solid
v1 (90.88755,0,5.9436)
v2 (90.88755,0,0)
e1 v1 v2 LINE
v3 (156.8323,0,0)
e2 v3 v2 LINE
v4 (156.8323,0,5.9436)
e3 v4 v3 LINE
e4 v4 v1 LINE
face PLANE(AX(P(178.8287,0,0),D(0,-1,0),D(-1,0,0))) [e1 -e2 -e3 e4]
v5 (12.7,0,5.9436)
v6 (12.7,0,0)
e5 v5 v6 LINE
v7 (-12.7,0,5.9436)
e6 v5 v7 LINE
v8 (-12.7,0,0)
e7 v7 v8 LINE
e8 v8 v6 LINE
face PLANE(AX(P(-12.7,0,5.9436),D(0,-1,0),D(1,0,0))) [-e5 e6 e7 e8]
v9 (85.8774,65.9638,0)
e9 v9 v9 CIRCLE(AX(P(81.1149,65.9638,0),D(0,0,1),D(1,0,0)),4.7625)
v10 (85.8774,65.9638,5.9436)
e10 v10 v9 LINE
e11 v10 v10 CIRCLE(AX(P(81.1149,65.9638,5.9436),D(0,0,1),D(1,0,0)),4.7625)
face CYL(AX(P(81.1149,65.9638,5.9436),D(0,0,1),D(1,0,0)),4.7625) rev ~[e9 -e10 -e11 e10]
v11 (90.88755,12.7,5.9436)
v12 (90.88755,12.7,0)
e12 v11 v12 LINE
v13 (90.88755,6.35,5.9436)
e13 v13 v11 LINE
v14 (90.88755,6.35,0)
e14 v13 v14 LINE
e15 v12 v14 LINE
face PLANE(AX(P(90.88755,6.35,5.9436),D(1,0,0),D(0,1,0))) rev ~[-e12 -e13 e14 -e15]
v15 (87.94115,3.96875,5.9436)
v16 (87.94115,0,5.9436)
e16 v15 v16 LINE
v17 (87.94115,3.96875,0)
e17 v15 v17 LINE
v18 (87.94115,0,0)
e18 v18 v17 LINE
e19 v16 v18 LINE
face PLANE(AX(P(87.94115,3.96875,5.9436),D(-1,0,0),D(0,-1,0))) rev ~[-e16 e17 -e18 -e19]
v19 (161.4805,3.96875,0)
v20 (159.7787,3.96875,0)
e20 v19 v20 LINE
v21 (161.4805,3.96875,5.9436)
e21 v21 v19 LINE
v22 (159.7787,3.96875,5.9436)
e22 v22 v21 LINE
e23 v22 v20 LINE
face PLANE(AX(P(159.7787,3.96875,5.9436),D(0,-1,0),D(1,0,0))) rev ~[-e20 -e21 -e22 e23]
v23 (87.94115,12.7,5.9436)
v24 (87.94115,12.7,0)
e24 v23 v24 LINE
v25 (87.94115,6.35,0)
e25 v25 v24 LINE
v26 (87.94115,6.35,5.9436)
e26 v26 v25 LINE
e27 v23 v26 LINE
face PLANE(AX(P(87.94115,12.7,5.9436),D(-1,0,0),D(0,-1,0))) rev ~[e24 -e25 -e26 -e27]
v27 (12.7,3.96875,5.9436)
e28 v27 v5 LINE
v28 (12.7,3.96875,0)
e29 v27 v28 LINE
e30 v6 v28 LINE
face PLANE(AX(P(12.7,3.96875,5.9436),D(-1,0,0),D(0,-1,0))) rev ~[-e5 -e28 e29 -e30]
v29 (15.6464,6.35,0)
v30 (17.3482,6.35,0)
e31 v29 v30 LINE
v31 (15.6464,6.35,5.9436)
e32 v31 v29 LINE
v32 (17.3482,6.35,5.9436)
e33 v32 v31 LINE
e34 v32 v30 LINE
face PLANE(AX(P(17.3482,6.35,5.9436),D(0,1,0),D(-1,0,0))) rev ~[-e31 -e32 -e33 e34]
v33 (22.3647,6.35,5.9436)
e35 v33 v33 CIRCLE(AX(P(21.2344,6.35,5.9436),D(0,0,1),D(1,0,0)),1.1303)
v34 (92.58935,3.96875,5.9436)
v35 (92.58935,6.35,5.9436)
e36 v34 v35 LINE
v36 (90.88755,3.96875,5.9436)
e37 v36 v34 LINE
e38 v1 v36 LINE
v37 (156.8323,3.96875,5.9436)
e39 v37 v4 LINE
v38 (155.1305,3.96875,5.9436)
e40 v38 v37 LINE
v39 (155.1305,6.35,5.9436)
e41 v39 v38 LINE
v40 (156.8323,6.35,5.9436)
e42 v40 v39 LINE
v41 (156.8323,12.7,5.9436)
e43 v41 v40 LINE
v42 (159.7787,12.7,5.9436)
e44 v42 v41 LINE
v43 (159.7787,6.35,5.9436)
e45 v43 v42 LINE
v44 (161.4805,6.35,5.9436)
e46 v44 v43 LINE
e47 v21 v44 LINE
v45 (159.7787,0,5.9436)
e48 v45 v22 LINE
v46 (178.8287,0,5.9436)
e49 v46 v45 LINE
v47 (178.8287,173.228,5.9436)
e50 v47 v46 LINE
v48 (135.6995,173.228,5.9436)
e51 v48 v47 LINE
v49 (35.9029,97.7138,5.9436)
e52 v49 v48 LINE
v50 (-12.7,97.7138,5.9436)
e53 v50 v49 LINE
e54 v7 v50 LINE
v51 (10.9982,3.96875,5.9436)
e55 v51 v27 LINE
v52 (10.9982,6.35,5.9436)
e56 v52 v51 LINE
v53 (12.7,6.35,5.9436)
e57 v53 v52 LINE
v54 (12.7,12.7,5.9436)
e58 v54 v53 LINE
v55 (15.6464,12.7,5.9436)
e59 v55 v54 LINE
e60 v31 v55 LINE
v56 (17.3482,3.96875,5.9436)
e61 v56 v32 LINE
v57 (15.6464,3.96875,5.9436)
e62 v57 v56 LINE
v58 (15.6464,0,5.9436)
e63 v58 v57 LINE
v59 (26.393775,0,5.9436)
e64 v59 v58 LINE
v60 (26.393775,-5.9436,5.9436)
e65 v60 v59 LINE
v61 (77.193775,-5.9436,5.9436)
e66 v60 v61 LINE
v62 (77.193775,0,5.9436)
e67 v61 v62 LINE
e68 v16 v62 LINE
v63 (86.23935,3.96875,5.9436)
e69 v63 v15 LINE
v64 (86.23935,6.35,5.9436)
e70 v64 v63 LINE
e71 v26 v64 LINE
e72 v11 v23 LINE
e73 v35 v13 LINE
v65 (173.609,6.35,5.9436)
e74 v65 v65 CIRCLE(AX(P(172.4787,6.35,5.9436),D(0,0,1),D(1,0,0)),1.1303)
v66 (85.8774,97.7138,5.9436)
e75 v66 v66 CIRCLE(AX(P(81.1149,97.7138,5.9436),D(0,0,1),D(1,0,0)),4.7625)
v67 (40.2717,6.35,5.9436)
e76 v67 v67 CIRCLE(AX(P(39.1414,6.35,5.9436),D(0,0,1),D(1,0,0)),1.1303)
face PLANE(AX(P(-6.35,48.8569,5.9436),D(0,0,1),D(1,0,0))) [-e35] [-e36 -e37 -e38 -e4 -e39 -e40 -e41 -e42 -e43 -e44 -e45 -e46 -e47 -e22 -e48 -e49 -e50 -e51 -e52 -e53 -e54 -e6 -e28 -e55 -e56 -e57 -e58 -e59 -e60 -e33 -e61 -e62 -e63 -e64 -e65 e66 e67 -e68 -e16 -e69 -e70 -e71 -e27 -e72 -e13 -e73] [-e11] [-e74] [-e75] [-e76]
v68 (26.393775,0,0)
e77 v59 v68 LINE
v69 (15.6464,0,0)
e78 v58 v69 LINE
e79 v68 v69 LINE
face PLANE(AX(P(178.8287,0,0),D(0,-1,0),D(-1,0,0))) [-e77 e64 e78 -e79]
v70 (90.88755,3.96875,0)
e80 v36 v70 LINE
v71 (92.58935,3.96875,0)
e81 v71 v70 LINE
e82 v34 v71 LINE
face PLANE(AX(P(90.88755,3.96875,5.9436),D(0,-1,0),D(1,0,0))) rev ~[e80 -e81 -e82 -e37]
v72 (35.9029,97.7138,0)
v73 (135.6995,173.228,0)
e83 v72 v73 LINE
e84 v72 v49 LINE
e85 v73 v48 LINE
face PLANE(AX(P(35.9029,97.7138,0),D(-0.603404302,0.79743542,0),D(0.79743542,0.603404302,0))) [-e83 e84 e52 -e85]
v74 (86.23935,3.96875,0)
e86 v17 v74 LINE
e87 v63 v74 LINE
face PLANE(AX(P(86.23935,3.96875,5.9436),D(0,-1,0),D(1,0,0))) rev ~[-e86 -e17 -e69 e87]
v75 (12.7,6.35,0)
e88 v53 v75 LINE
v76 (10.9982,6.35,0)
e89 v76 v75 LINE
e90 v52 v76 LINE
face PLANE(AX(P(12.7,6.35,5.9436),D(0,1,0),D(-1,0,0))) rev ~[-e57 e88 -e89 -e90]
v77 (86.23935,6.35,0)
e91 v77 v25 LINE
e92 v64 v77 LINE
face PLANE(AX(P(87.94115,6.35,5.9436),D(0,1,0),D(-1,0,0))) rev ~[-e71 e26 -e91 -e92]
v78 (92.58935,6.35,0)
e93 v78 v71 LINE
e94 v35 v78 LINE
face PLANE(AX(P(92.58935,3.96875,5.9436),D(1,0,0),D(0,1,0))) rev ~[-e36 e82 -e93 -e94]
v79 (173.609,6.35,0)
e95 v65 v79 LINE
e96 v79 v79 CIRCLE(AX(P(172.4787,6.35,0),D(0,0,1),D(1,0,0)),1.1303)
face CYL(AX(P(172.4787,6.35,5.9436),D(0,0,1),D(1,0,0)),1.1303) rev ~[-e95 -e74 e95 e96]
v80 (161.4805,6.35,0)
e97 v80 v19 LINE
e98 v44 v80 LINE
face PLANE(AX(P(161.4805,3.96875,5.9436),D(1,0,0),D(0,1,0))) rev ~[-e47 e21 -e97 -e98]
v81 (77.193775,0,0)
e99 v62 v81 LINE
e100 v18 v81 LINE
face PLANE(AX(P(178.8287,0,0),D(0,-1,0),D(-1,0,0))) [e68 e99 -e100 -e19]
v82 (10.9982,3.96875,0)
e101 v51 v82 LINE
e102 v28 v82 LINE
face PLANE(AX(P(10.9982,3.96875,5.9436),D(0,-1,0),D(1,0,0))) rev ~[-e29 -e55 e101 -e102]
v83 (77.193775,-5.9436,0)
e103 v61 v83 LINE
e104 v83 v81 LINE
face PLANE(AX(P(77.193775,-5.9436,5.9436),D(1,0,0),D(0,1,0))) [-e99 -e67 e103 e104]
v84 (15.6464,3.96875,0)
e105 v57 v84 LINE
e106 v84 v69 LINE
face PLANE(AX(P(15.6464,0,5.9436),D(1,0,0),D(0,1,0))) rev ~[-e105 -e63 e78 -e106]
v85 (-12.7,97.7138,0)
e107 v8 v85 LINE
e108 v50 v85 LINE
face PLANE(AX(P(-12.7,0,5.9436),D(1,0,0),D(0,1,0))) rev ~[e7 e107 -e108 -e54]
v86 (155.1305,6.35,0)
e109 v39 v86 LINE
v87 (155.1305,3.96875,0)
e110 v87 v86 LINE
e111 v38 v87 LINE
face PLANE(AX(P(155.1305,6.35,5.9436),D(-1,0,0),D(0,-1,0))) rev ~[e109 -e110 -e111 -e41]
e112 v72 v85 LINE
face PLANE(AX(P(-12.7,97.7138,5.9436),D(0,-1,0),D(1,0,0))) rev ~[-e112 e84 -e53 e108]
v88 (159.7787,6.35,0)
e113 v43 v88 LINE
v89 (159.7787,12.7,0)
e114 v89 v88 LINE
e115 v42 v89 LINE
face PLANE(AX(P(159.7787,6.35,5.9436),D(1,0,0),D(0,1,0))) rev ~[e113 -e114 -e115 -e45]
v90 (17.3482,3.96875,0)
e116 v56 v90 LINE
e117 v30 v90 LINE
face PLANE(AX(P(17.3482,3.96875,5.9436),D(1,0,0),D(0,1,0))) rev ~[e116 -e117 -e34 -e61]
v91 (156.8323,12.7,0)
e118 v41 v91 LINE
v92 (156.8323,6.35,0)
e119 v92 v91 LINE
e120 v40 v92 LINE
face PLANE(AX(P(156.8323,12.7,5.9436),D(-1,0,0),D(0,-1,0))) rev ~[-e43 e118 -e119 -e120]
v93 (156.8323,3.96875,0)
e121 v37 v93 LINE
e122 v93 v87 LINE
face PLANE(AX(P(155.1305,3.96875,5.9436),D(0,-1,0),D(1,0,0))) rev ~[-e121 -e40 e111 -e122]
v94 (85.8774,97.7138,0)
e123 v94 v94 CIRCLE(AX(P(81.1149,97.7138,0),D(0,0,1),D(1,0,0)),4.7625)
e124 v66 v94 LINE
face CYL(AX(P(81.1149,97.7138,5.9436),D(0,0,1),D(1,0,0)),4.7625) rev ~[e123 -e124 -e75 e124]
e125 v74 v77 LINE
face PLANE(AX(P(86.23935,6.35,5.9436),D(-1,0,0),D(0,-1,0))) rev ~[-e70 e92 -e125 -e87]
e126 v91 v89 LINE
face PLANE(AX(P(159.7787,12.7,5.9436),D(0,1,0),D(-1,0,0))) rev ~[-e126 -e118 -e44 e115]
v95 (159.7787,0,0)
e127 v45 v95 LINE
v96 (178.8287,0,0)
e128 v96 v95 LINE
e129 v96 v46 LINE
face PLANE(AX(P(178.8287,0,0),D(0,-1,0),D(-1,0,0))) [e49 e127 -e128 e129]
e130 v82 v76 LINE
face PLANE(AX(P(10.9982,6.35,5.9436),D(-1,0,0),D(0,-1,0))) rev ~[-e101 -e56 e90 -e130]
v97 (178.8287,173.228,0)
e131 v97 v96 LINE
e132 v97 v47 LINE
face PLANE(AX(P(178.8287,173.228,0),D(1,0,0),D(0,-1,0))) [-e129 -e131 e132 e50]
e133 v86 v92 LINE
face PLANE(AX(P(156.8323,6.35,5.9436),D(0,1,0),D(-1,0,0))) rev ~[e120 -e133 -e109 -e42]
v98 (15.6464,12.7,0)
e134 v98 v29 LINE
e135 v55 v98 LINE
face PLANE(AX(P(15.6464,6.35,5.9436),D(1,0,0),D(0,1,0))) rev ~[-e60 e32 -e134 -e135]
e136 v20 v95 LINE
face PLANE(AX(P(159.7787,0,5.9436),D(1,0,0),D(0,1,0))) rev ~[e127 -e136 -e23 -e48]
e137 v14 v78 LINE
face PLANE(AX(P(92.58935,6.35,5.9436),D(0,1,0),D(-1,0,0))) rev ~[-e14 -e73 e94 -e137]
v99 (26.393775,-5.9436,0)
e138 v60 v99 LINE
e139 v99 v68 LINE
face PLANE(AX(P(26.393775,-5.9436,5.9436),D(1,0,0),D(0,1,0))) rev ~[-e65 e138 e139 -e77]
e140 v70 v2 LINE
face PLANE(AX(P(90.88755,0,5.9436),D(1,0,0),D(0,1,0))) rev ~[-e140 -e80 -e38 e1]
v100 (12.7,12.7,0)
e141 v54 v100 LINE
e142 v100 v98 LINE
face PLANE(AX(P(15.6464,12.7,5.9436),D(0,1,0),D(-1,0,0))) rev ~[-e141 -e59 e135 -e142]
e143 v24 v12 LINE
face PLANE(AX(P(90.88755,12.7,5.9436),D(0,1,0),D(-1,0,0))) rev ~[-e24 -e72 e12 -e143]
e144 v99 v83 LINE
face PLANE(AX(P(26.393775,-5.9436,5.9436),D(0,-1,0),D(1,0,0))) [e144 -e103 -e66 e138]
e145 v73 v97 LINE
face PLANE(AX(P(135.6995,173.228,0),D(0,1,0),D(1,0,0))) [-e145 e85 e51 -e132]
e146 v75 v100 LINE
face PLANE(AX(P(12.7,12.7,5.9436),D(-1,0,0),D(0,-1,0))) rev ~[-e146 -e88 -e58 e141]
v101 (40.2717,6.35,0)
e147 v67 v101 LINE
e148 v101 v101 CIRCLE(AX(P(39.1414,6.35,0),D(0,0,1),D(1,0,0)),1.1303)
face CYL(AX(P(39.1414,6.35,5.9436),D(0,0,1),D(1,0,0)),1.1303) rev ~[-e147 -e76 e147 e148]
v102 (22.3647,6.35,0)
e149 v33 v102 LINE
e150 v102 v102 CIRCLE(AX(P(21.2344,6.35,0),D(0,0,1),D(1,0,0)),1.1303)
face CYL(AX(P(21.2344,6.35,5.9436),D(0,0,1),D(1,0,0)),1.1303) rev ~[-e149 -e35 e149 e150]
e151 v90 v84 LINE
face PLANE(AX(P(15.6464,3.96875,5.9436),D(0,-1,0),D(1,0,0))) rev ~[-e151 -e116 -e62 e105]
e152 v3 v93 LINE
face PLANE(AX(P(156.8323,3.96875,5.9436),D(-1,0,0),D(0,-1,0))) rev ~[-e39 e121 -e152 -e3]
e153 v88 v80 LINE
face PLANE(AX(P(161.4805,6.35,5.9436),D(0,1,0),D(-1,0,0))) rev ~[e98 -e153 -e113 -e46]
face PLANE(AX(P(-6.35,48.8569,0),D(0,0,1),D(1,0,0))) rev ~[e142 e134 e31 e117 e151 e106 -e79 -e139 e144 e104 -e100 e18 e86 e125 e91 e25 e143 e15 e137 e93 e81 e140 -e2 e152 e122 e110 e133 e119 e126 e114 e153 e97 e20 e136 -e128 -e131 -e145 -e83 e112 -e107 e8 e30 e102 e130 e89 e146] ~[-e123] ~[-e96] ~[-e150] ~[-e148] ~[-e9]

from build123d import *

# Parameters (mm, degrees)
BOSS_EXTRUDE1_DEPTH = 5.9436
SKETCH3_R           = 4.7625
CUT_EXTRUDE1_DEPTH  = 6.9436
CUT_EXTRUDE2_DEPTH  = 6.9436
SKETCH5_W           = 50.8
SKETCH5_H           = 5.9436
BOSS_EXTRUDE2_DEPTH = 5.9436
SKETCH6_R           = 4.7625
CUT_EXTRUDE3_DEPTH  = 6.9436
SKETCH7_W           = 12.7
SKETCH7_H           = 97.7138
BOSS_EXTRUDE3_DEPTH = 5.9436
SKETCH8_R           = 1.1303
CUT_EXTRUDE4_DEPTH  = 6.9436


with BuildPart() as part:
    # Sketch1 → Boss-Extrude1 (new body)
    with BuildSketch(Plane.XY):
        Polygon((0, 0), (0, 97.7138), (35.9029, 97.7138), (135.6995, 173.228), (178.8287, 173.228), (178.8287, 0), align=None)
    extrude(amount=BOSS_EXTRUDE1_DEPTH)

    # Sketch3 → Cut-Extrude1 (cut, through all)
    with BuildSketch(Plane.XY.offset(5.9436)):
        with Locations((81.1149, 97.7138)):
            Circle(SKETCH3_R)
    extrude(amount=-CUT_EXTRUDE1_DEPTH, mode=Mode.SUBTRACT)

    # Sketch4 → Cut-Extrude2 (cut, through all)
    with BuildSketch(Plane.XY.offset(5.9436)):
        Polygon((12.7, 3.96875), (12.7, 0), (15.6464, 0), (15.6464, 3.96875), (17.3482, 3.96875), (17.3482, 6.35), (15.6464, 6.35), (15.6464, 12.7), (12.7, 12.7), (12.7, 6.35), (10.9982, 6.35), (10.9982, 3.96875), align=None)
        Polygon((87.94115, 3.96875), (87.94115, 0), (90.88755, 0), (90.88755, 3.96875), (92.58935, 3.96875), (92.58935, 6.35), (90.88755, 6.35), (90.88755, 12.7), (87.94115, 12.7), (87.94115, 6.35), (86.23935, 6.35), (86.23935, 3.96875), align=None)
        Polygon((156.8323, 3.96875), (156.8323, 0), (159.7787, 0), (159.7787, 3.96875), (161.4805, 3.96875), (161.4805, 6.35), (159.7787, 6.35), (159.7787, 12.7), (156.8323, 12.7), (156.8323, 6.35), (155.1305, 6.35), (155.1305, 3.96875), align=None)
    extrude(amount=-CUT_EXTRUDE2_DEPTH, mode=Mode.SUBTRACT)

    # Sketch5 → Boss-Extrude2 (add)
    with BuildSketch(Plane.XY.offset(5.9436)):
        with Locations((51.793775, -2.9718)):
            Rectangle(SKETCH5_W, SKETCH5_H)
    extrude(amount=-BOSS_EXTRUDE2_DEPTH)

    # Sketch6 → Cut-Extrude3 (cut, through all)
    with BuildSketch(Plane.XY.offset(5.9436)):
        with Locations((81.1149, 65.9638)):
            Circle(SKETCH6_R)
    extrude(amount=-CUT_EXTRUDE3_DEPTH, mode=Mode.SUBTRACT)

    # Sketch7 → Boss-Extrude3 (add)
    with BuildSketch(Plane.XY.offset(5.9436)):
        with Locations((-6.35, 48.8569)):
            Rectangle(SKETCH7_W, SKETCH7_H)
    extrude(amount=-BOSS_EXTRUDE3_DEPTH)

    # Sketch8 → Cut-Extrude4 (cut, through all)
    with BuildSketch(Plane.XY.offset(5.9436)):
        with Locations((39.1414, 6.35)):
            Circle(SKETCH8_R)
        with Locations((172.4787, 6.35)):
            Circle(SKETCH8_R)
        with Locations((21.2344, 6.35)):
            Circle(SKETCH8_R)
    extrude(amount=-CUT_EXTRUDE4_DEPTH, mode=Mode.SUBTRACT)


solid = part.part
